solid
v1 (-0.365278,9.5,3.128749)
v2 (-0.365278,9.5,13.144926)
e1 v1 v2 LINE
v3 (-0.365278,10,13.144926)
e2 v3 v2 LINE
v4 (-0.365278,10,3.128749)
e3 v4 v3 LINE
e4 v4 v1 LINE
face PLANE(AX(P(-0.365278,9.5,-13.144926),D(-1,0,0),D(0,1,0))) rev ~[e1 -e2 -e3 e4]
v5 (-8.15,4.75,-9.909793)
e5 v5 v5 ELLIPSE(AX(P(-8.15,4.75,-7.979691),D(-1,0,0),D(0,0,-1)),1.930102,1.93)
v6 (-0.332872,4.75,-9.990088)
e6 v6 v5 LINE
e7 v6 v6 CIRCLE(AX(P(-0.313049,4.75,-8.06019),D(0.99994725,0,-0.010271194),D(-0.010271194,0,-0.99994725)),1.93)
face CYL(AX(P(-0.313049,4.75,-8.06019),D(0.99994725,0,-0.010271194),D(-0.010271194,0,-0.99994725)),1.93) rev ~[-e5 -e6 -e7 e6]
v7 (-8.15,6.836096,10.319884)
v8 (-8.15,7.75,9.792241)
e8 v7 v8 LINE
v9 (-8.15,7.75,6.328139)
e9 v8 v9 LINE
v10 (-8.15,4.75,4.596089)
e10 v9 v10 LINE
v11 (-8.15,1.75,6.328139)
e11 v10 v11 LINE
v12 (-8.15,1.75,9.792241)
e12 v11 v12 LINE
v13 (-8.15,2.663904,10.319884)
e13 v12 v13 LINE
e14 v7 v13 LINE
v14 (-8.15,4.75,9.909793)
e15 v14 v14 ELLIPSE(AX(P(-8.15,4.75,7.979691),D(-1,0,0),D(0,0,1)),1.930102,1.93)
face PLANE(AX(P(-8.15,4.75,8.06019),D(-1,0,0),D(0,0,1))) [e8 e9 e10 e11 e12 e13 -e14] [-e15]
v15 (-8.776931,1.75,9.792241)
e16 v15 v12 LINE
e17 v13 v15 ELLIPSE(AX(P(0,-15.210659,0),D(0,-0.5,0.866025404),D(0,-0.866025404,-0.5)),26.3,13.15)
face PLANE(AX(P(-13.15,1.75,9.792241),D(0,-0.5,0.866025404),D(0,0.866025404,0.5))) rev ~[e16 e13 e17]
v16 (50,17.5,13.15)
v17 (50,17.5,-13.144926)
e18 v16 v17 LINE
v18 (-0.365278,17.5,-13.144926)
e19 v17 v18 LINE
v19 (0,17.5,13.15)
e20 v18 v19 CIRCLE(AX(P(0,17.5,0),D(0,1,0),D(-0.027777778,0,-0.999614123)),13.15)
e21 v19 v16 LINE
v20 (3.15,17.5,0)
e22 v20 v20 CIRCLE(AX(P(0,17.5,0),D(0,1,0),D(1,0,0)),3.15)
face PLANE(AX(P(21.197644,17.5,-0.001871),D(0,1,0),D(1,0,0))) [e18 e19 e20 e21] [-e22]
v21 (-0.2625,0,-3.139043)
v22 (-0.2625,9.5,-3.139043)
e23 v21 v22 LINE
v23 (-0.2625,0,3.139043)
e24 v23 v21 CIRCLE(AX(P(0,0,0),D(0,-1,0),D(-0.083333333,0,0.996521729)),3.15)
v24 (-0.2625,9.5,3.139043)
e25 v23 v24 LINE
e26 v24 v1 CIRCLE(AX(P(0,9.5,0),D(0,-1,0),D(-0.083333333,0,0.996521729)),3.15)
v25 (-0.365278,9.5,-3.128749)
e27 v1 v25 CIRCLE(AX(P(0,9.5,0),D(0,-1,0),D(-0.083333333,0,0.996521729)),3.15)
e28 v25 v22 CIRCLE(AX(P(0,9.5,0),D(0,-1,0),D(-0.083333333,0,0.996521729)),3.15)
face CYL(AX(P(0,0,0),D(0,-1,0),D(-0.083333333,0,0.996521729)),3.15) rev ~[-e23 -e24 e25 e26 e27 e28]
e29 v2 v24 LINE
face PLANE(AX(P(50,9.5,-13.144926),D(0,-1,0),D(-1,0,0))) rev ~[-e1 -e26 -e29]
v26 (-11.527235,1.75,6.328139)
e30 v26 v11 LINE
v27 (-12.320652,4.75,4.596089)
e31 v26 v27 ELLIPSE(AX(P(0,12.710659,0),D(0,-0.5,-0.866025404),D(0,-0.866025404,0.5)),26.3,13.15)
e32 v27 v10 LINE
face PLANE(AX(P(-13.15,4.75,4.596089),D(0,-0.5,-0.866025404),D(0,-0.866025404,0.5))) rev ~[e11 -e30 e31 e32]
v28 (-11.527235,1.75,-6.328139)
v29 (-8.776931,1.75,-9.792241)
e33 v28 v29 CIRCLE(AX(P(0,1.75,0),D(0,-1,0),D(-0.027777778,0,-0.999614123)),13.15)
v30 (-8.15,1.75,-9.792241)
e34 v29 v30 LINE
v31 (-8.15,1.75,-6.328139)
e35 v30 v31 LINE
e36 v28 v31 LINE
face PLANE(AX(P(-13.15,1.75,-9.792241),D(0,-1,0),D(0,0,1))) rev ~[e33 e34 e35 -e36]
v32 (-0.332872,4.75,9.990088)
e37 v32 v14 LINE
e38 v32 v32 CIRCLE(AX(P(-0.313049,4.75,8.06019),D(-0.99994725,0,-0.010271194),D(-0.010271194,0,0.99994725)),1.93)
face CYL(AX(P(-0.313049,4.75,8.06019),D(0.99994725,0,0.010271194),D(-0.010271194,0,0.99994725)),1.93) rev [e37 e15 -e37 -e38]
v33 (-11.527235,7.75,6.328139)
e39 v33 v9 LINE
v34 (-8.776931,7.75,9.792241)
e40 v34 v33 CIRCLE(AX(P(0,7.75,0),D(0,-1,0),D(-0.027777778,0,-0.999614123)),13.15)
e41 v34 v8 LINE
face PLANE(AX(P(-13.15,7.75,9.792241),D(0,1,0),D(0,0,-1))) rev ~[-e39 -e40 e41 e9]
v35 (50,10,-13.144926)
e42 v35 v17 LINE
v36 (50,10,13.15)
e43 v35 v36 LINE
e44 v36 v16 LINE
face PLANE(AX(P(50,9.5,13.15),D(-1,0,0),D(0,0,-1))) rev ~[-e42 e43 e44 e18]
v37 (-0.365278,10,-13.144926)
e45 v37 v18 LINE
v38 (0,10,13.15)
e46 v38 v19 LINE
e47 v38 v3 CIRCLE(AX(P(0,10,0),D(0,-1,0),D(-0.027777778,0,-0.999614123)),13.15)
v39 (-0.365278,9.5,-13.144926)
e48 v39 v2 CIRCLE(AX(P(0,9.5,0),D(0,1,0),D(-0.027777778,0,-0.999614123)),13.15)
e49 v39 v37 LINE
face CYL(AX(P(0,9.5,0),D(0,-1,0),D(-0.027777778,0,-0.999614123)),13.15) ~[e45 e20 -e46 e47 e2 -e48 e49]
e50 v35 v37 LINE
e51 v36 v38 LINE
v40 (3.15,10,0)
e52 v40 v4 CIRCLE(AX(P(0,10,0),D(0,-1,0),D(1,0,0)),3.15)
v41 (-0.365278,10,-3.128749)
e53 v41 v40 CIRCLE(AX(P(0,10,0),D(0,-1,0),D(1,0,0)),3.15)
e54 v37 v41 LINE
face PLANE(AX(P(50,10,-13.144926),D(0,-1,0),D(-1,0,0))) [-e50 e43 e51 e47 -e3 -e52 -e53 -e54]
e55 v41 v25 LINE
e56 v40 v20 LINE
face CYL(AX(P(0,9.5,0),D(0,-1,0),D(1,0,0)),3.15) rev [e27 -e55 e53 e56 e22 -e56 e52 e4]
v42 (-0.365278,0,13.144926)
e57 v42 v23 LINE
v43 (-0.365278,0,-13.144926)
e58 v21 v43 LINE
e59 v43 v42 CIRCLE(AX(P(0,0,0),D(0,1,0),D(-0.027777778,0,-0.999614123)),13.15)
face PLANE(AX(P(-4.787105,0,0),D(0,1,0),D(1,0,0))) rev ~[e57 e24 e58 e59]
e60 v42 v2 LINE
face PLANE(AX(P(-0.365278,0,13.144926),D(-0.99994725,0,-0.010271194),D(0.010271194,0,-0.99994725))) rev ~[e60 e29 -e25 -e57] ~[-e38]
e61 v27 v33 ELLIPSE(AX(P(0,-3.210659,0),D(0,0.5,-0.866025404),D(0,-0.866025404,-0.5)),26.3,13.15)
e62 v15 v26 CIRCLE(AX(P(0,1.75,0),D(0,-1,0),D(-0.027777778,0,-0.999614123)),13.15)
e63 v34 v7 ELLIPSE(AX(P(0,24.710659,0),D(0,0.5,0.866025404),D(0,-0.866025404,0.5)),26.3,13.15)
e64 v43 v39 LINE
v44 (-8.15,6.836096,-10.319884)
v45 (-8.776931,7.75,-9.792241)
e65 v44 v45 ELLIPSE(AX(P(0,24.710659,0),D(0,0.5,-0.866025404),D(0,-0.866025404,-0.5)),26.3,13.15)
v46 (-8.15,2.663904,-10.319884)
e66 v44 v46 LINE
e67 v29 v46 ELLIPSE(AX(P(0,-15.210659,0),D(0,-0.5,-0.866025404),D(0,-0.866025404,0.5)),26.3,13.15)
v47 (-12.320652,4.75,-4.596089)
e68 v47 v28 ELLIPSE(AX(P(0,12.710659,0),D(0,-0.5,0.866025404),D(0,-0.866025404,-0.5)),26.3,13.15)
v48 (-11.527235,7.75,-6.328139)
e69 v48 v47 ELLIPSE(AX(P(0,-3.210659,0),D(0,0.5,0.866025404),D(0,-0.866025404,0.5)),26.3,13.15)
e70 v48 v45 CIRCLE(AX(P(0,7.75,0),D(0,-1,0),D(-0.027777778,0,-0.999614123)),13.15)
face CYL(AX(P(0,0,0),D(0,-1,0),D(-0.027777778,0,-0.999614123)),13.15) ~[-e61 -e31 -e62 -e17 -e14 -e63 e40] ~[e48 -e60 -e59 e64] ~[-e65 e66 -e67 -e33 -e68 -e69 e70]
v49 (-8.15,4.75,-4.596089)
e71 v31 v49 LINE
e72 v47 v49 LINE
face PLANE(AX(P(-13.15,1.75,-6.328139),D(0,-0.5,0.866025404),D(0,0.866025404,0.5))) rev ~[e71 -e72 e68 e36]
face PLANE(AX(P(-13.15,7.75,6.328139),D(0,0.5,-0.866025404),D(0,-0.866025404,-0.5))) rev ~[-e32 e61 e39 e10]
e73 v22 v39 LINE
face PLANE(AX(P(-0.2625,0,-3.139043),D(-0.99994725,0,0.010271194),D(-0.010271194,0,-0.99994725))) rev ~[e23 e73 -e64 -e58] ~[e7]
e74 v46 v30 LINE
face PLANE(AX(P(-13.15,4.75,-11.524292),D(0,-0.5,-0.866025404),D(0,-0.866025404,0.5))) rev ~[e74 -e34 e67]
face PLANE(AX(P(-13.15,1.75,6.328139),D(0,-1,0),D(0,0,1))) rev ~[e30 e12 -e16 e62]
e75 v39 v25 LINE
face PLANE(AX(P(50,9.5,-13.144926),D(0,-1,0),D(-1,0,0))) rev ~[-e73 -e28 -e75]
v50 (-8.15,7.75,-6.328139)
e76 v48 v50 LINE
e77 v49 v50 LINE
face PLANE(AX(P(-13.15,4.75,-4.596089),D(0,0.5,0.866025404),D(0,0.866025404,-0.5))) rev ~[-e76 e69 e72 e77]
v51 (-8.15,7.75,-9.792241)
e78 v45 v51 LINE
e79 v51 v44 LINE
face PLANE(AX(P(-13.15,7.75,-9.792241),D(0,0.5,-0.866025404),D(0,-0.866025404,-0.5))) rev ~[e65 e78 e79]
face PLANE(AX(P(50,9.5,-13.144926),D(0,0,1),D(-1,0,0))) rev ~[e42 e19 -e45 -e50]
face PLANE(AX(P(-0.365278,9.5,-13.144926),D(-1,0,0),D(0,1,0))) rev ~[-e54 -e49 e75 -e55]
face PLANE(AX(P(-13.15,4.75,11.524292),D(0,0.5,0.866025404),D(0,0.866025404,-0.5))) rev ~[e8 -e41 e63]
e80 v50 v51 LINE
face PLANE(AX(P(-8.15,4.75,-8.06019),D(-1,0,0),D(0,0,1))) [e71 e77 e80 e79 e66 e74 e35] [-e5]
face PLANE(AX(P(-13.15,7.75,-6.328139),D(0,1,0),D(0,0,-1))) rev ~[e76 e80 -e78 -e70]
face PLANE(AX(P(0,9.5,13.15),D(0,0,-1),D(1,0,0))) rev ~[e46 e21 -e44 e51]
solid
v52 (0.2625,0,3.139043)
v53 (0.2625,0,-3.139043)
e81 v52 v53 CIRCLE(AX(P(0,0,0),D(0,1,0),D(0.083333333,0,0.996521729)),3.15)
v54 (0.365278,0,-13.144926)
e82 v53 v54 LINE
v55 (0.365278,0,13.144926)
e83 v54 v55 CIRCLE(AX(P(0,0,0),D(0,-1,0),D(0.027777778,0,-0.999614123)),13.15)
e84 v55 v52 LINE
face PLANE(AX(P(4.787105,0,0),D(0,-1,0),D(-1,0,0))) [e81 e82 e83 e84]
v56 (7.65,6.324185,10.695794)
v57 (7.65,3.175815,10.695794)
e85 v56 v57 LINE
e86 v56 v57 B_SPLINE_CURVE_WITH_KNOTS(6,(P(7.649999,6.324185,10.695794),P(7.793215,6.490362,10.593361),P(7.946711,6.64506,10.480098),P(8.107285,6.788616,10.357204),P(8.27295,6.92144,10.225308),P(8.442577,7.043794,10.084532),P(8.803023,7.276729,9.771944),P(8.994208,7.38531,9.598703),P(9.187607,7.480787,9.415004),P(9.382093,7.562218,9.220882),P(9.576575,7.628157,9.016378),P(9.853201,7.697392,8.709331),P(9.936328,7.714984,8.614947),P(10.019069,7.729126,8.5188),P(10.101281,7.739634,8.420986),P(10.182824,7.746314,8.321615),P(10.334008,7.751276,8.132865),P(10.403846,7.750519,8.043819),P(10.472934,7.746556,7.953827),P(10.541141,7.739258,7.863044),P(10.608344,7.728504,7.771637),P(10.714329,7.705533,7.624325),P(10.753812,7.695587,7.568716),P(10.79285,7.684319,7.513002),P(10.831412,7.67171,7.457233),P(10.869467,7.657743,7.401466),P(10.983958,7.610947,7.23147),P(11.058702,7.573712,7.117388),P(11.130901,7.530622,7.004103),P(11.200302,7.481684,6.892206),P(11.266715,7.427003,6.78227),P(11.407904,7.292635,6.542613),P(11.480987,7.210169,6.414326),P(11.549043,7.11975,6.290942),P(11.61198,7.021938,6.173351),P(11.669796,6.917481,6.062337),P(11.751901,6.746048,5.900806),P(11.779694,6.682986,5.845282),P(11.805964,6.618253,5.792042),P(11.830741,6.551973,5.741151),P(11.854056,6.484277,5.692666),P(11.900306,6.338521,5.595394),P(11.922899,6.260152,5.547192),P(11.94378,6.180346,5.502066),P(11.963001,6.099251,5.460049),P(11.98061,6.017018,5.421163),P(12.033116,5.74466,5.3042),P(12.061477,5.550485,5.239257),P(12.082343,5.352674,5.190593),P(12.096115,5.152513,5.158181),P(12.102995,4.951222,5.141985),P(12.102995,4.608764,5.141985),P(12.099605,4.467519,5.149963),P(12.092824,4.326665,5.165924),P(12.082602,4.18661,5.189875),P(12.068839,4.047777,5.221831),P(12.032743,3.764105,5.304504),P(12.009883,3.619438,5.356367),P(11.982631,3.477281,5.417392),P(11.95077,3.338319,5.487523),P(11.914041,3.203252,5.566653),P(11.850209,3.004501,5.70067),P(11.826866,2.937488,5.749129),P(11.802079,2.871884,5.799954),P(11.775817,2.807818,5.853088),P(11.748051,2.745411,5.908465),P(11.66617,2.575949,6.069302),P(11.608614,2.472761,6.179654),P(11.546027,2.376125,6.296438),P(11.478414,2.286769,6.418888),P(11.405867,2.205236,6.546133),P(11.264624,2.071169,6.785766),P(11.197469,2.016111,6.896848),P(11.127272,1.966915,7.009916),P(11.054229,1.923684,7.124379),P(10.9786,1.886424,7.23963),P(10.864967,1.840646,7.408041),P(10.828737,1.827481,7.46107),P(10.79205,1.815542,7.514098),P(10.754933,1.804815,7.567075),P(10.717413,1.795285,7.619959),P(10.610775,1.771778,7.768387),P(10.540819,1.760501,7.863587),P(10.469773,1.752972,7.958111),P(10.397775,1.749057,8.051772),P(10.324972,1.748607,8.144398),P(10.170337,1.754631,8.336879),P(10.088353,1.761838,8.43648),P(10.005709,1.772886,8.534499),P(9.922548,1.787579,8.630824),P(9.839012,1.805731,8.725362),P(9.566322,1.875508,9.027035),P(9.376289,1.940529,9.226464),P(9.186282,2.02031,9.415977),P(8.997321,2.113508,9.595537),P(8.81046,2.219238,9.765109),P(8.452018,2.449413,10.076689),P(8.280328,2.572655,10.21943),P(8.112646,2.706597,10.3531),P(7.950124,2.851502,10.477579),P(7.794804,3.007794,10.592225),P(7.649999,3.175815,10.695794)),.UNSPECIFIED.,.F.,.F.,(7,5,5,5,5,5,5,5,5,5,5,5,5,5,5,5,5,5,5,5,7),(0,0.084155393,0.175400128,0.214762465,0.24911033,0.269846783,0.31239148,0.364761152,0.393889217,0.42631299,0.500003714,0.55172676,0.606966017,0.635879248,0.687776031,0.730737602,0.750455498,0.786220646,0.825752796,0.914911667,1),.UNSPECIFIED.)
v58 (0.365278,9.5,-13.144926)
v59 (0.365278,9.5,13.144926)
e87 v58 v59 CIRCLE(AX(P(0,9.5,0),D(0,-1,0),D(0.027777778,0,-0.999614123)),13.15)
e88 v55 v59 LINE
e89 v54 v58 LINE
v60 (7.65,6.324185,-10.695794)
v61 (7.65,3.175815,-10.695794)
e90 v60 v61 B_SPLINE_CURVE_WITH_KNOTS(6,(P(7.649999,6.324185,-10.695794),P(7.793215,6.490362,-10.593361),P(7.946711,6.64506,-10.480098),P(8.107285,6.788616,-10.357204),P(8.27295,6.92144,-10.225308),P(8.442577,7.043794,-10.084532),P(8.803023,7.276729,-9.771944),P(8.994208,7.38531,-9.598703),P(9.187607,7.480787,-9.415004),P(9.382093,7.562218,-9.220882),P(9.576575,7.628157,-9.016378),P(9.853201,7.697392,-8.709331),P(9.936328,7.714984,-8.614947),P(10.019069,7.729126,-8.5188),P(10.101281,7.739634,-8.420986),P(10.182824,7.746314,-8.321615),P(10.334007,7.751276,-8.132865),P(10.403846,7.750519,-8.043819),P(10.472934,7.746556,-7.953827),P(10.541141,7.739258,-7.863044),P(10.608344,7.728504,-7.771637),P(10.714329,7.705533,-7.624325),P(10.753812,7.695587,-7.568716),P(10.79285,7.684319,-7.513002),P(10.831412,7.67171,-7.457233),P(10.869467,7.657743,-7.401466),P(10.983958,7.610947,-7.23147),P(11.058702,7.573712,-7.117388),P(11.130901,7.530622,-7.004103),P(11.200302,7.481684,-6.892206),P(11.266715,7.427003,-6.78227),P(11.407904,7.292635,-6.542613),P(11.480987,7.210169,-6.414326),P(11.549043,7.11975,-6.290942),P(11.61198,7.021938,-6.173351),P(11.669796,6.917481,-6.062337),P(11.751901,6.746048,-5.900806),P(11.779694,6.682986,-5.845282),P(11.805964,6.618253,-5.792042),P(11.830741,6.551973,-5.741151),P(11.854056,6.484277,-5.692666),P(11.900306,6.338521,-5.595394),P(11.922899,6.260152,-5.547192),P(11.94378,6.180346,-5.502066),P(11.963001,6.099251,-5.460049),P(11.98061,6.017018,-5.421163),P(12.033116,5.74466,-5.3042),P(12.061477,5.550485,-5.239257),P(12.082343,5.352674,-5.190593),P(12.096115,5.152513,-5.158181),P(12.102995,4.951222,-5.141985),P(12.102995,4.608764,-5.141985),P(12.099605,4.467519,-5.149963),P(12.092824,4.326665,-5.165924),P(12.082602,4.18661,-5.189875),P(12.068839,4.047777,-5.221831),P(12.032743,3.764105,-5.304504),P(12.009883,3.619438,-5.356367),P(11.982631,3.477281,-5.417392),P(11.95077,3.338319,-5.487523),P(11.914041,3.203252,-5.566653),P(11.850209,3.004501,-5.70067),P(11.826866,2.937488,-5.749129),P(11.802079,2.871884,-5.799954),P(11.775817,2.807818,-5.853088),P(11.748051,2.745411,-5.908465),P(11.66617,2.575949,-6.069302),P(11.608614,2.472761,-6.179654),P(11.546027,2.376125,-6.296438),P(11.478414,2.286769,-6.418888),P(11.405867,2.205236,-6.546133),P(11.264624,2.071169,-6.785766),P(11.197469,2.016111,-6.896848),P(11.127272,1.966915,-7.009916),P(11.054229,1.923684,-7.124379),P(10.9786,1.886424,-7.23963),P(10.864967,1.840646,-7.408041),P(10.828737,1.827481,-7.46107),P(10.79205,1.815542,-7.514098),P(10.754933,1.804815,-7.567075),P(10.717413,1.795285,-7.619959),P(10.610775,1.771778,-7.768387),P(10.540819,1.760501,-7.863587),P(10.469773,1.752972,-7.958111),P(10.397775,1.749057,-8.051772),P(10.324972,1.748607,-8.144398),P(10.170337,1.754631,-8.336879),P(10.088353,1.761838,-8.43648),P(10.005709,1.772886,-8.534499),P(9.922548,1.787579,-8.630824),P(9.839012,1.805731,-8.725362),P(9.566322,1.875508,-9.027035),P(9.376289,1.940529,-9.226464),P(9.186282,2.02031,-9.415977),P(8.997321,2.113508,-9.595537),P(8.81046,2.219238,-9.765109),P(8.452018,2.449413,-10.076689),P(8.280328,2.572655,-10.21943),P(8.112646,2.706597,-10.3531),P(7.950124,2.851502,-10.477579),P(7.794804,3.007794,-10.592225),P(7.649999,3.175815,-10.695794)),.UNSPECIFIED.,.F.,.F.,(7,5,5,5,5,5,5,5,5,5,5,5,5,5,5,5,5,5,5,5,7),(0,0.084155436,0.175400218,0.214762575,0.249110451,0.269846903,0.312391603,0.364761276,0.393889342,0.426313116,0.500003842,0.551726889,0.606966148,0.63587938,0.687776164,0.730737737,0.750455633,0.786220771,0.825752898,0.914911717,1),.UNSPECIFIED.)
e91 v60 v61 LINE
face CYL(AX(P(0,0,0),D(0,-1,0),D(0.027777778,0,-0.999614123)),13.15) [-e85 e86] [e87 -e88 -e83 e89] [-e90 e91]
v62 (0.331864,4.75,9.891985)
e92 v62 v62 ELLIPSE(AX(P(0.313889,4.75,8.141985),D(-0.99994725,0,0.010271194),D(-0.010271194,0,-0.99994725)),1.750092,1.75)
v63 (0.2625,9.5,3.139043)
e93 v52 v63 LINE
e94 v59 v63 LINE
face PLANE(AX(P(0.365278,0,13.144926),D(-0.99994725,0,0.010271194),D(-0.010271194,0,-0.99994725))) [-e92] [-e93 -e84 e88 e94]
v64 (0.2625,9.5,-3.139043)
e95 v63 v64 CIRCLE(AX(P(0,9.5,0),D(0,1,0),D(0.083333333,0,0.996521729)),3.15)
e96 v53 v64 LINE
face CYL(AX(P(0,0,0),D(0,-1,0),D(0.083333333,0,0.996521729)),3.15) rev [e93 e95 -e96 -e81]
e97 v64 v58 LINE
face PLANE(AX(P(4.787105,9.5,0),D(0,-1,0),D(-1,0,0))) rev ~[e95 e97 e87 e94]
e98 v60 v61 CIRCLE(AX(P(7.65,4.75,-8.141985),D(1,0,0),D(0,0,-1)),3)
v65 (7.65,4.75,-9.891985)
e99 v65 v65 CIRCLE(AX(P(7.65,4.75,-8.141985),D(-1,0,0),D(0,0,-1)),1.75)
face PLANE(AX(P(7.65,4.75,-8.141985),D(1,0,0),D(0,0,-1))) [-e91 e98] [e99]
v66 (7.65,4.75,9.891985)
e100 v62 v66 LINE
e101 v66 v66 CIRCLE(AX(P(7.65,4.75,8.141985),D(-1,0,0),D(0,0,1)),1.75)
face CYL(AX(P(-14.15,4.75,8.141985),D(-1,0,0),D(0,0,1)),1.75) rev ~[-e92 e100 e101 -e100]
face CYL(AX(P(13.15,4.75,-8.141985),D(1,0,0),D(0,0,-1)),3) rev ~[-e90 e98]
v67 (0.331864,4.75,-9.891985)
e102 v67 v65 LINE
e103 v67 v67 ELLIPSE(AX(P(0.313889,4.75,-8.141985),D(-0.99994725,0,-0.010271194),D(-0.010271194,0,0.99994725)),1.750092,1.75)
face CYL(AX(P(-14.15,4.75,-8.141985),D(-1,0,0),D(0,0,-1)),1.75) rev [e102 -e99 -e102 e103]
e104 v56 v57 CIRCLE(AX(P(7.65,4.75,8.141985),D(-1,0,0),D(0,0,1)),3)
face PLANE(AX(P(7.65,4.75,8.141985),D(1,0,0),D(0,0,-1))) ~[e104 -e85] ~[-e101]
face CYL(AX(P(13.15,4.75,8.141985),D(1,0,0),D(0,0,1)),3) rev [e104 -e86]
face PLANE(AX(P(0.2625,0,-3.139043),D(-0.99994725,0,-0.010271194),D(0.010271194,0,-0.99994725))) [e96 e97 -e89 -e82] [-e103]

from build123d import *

# Parameters (mm, degrees)
BOSS_EXTRUDE1_DEPTH   = 9.5
BOSS_EXTRUDE1_2_DEPTH = 9.5
SKETCH2_R             = 3
CUT_EXTRUDE1_DEPTH    = 5.5
CUT_EXTRUDE2_START    = -21.8
SKETCH3_R             = 1.75
CUT_EXTRUDE2_DEPTH    = 28.3000001
SKETCH5_R             = 3.15
BOSS_EXTRUDE2_DEPTH   = 8
SKETCH6_W             = 50.365277778
SKETCH6_H             = 0.5
CUT_EXTRUDE3_DEPTH    = 27.294925719
SKETCH15_R            = 1.93
CUT_EXTRUDE12_DEPTH   = 14.054128206
CUT_EXTRUDE14_DEPTH   = 5


with BuildPart() as part:
    # Sketch1 → Boss-Extrude1 (new body)
    with BuildSketch(Plane(origin=(0, 0, 0), x_dir=(1, 0, 0), z_dir=(0, 1, 0))):
        with BuildLine():
            Line((-0.2625, 3.139043445), (-0.365277778, 13.144925719))
            ThreePointArc((-0.365277778, 13.144925719), (-13.15, 0), (-0.365277778, -13.144925719))
            Line((-0.365277778, -13.144925719), (-0.2625, -3.139043445))
            ThreePointArc((-0.2625, -3.139043445), (-3.15, 0), (-0.2625, 3.139043445))
        make_face()
    extrude(amount=BOSS_EXTRUDE1_DEPTH)


with BuildPart() as body_2:
    # Sketch1 → Boss-Extrude1 2 (new body)
    with BuildSketch(Plane(origin=(0, 0, 0), x_dir=(1, 0, 0), z_dir=(0, 1, 0))):
        with BuildLine():
            Line((0.2625, 3.139043445), (0.365277778, 13.144925719))
            ThreePointArc((0.365277778, 13.144925719), (13.15, 0), (0.365277778, -13.144925719))
            Line((0.365277778, -13.144925719), (0.2625, -3.139043445))
            ThreePointArc((0.2625, -3.139043445), (3.15, 0), (0.2625, 3.139043445))
        make_face()
    extrude(amount=BOSS_EXTRUDE1_2_DEPTH)

    # Sketch2 → Cut-Extrude1 (cut)
    with BuildSketch(Plane(origin=(13.15, 0, 0), x_dir=(0, 0, -1), z_dir=(1, 0, 0))):
        with Locations((8.141984582, 4.75)):
            Circle(SKETCH2_R)
    cut_extrude1 = extrude(amount=-CUT_EXTRUDE1_DEPTH, mode=Mode.SUBTRACT)


with BuildPart() as cut_extrude2_tool:
    # Sketch3 → Cut-Extrude2 (new body)
    with BuildSketch(Plane(origin=(7.65, 0, 0), x_dir=(0, 0, -1), z_dir=(1, 0, 0)).offset(CUT_EXTRUDE2_START)):
        with Locations((8.141984582, 4.75)):
            Circle(SKETCH3_R)
    cut_extrude2 = extrude(amount=CUT_EXTRUDE2_DEPTH)


with BuildPart() as part_1:
    add(part.part)

    # Cut-Extrude2: cut by cut_extrude2_tool
    add(cut_extrude2_tool.part, mode=Mode.SUBTRACT)

    # Sketch5 → Boss-Extrude2 (add)
    with BuildSketch(Plane(origin=(0, 9.5, 0), x_dir=(1, 0, 0), z_dir=(0, 1, 0))):
        with BuildLine():
            ThreePointArc((-0.365277778, 13.144925719), (-13.148731368, -0.18265651), (0, -13.15))
            Line((0, -13.15), (50, -13.15))
            Line((50, -13.15), (50, 13.144925719))
            Line((50, 13.144925719), (0.365277778, 13.144925719))
            Line((0.365277778, 13.144925719), (-0.365277778, 13.144925719))
        make_face()
        Circle(SKETCH5_R, mode=Mode.SUBTRACT)
    extrude(amount=BOSS_EXTRUDE2_DEPTH)

    # Sketch6 → Cut-Extrude3 (cut, through all)
    with BuildSketch(Plane(origin=(0, 0, -13.144925719), x_dir=(-1, 0, 0), z_dir=(0, 0, -1))):
        with Locations((-24.817361111, 9.75)):
            Rectangle(SKETCH6_W, SKETCH6_H)
    extrude(amount=-CUT_EXTRUDE3_DEPTH, mode=Mode.SUBTRACT)

    # Sketch15 → Cut-Extrude12 (cut, through all)
    with BuildSketch(Plane(origin=(-0.230232284, 0, 0.002364885), x_dir=(-0.010271194, 0, -0.99994725), z_dir=(0.99994725, 0, -0.010271194))):
        with Locations((8.062980458, 4.75)):
            Circle(SKETCH15_R)
    cut_extrude12 = extrude(amount=-CUT_EXTRUDE12_DEPTH, mode=Mode.SUBTRACT)


with BuildPart() as body_2_1:
    add(body_2.part)

    # Cut-Extrude2: cut by cut_extrude2_tool
    add(cut_extrude2_tool.part, mode=Mode.SUBTRACT)


with BuildPart() as mirror11_tool:
    # Mirror11: Cut-Extrude1, Cut-Extrude2, Cut-Extrude12 across plane
    add(cut_extrude1.mirror(Plane.XY))
    add(cut_extrude2.mirror(Plane.XY))
    add(cut_extrude12.mirror(Plane.XY))


with BuildPart() as part_2:
    add(part_1.part)

    # Mirror11: cut by mirror11_tool
    add(mirror11_tool.part, mode=Mode.SUBTRACT)

    # Sketch16 → Cut-Extrude14 (cut)
    with BuildSketch(Plane.ZY.offset(13.15)):
        Polygon((9.792241058, 7.75), (6.328139443, 7.75), (4.596088635, 4.75), (6.328139443, 1.75), (9.792241058, 1.75), (11.524291865, 4.75), align=None)
        Polygon((-4.596088635, 4.75), (-6.328139443, 7.75), (-9.792241058, 7.75), (-11.524291865, 4.75), (-9.792241058, 1.75), (-6.328139443, 1.75), align=None)
    extrude(amount=-CUT_EXTRUDE14_DEPTH, mode=Mode.SUBTRACT)


with BuildPart() as body_2_2:
    add(body_2_1.part)

    # Mirror11: cut by mirror11_tool
    add(mirror11_tool.part, mode=Mode.SUBTRACT)


solid = Compound([part_2.part, body_2_2.part])
